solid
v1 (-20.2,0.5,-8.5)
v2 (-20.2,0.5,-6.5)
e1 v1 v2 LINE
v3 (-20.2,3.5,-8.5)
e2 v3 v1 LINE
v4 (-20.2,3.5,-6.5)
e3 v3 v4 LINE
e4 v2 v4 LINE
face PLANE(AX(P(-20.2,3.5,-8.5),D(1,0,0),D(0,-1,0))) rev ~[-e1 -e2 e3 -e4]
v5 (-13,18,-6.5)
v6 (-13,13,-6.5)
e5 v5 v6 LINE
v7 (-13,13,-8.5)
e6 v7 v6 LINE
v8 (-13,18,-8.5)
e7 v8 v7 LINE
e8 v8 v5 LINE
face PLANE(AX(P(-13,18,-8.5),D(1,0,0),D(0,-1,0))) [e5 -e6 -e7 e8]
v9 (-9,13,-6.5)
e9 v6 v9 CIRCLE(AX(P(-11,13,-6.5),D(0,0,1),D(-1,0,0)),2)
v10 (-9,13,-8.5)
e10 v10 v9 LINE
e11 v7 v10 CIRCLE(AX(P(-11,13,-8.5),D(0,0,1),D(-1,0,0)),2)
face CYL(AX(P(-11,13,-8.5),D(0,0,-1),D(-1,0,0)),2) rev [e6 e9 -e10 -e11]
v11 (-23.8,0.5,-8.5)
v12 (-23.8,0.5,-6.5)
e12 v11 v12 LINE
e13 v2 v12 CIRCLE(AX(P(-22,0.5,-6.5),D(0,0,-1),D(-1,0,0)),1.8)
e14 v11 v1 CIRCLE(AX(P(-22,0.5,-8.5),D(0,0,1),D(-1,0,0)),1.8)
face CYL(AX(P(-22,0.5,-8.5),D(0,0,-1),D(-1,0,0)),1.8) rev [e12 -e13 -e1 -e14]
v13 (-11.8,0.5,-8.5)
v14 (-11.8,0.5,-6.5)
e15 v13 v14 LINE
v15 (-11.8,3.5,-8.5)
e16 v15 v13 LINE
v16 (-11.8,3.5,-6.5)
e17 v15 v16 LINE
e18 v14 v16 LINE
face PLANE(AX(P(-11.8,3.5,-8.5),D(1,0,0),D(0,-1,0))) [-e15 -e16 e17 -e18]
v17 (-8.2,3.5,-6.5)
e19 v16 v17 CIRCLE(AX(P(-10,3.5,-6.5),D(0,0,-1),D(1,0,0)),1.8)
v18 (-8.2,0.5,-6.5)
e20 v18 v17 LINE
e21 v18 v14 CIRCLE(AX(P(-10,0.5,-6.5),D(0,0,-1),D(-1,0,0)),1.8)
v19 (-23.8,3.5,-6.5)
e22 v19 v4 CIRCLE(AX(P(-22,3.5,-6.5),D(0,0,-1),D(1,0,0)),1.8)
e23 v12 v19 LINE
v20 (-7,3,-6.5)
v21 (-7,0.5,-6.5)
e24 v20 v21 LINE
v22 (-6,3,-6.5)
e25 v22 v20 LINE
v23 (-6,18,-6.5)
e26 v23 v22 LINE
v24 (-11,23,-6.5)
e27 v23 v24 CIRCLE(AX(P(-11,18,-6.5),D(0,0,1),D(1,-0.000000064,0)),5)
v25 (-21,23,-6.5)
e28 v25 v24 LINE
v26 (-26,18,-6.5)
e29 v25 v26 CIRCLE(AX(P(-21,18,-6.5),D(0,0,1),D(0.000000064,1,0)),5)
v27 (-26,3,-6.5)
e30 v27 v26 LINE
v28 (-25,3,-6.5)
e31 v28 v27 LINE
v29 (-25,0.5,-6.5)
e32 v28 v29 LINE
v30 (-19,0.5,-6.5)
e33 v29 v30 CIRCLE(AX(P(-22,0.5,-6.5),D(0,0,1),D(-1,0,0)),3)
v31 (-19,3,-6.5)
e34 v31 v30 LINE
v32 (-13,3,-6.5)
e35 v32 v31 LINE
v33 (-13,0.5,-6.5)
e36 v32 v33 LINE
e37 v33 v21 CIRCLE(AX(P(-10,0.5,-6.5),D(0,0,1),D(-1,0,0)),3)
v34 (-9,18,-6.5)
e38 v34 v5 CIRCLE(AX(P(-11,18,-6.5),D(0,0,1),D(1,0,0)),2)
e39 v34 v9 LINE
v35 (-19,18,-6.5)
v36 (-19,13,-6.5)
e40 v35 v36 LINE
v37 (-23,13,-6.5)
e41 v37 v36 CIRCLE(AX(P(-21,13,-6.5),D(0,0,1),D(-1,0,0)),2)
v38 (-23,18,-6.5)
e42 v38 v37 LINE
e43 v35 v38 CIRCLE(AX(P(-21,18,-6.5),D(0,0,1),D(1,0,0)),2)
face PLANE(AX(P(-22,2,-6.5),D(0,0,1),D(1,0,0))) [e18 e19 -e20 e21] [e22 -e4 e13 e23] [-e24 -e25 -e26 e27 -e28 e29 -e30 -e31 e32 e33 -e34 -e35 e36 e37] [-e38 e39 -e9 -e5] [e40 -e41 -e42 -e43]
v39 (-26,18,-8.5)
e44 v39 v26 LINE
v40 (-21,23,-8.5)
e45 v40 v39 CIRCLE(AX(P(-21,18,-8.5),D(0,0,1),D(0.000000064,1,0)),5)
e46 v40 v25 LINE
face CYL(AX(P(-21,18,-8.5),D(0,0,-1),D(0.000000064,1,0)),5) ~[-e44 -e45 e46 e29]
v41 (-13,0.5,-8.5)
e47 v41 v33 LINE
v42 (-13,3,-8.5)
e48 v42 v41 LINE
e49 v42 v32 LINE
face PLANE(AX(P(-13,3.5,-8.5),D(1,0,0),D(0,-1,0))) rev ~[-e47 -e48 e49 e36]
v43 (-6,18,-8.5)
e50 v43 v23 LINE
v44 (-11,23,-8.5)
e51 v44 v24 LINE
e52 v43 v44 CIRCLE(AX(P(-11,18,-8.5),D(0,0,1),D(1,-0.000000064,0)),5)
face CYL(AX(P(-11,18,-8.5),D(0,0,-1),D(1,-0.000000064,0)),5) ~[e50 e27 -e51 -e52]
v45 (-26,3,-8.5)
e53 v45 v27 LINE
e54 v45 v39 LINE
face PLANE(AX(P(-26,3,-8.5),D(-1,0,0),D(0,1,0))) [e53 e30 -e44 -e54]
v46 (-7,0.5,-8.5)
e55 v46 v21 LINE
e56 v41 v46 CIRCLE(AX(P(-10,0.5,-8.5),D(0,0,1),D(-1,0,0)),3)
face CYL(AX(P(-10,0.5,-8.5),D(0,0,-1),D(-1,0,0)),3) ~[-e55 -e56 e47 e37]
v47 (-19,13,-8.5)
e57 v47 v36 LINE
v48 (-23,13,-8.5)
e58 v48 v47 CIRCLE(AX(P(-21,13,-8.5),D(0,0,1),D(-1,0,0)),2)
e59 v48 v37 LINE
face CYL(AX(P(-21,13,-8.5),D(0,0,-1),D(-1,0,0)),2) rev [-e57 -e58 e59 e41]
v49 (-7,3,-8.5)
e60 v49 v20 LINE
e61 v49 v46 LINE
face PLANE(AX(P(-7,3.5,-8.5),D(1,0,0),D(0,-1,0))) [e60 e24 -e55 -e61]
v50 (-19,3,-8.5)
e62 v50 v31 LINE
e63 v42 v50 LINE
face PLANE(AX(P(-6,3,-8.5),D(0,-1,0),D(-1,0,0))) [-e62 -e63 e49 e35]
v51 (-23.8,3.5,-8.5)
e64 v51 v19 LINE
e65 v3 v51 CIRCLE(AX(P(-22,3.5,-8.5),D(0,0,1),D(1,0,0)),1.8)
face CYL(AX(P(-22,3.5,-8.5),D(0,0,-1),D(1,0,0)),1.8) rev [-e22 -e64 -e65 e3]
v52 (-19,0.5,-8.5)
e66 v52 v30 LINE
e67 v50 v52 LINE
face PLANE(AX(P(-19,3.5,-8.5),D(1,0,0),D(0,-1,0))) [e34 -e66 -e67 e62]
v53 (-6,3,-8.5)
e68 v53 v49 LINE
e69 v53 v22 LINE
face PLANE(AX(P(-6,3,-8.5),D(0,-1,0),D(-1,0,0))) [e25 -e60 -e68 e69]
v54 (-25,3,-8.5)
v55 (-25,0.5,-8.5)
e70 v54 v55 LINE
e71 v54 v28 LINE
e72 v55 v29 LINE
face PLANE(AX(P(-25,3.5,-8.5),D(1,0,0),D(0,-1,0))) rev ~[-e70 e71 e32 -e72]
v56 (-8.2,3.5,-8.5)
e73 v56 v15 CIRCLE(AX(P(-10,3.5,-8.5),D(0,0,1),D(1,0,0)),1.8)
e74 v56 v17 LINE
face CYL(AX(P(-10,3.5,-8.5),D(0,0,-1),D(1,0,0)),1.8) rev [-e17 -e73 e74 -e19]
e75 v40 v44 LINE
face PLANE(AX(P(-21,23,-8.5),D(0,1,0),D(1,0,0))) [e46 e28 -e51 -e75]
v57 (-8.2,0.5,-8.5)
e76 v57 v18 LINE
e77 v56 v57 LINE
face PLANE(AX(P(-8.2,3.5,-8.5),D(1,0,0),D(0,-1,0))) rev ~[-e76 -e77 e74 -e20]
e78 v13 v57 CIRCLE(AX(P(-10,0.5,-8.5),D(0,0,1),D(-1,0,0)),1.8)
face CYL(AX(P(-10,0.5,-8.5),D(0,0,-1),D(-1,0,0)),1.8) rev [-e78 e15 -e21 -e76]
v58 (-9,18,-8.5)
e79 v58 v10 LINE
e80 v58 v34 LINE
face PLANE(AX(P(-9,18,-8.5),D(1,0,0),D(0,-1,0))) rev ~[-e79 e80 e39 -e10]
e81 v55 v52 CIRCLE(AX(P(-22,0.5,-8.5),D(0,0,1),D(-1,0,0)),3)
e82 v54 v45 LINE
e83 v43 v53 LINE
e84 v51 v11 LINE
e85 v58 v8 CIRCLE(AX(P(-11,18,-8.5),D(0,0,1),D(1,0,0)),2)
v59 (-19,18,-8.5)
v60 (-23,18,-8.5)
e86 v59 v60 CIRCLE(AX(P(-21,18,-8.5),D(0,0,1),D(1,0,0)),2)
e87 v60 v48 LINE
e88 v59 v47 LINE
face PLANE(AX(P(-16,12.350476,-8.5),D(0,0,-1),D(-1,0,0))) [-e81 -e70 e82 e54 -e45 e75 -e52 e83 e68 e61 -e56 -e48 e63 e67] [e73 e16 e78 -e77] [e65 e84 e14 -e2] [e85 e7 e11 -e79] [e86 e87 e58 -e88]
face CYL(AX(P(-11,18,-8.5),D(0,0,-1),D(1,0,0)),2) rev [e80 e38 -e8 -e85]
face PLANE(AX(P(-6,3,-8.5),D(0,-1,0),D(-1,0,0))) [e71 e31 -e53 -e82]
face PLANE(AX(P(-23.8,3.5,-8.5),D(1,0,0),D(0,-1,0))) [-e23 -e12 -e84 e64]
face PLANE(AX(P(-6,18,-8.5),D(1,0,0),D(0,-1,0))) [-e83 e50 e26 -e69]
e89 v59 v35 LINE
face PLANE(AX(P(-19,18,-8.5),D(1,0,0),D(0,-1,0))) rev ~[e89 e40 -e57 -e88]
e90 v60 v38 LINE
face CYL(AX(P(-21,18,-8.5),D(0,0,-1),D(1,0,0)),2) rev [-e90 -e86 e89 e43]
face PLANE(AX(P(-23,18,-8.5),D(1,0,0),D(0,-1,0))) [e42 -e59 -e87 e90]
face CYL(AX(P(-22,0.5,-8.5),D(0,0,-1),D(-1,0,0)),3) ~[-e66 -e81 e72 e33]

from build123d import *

# Parameters (mm, degrees)
PAD041_DEPTH    = 2
PAD042_DEPTH    = 2
POCKET014_DEPTH = 2.001


with BuildPart() as part:
    # Sketch064 → Pad041 (new body)
    with BuildSketch(Plane.XY):
        with BuildLine():
            Line((-5, 21), (5, 21))
            ThreePointArc((10, 16), (8.535534, 19.535534), (5, 21))
            Line((10, 16), (10, 1))
            Line((10, 1), (-10, 1))
            Line((-10, 1), (-10, 16))
            ThreePointArc((-5, 21), (-8.535534, 19.535534), (-10, 16))
        make_face()
        with BuildLine():
            ThreePointArc((-3, 16), (-5, 18), (-7, 16))
            Line((-7, 16), (-7, 11))
            ThreePointArc((-7, 11), (-5, 9), (-3, 11))
            Line((-3, 16), (-3, 11))
        make_face(mode=Mode.SUBTRACT)
        with BuildLine():
            ThreePointArc((7, 16), (5, 18), (3, 16))
            Line((3, 16), (3, 11))
            ThreePointArc((3, 11), (5, 9), (7, 11))
            Line((7, 16), (7, 11))
        make_face(mode=Mode.SUBTRACT)
    extrude(amount=PAD041_DEPTH)

    # Sketch065 → Pad042 (join)
    with BuildSketch(Plane.XY):
        with BuildLine():
            ThreePointArc((-3, 1.5), (-6, 4.5), (-9, 1.5))
            Line((-9, 1.5), (-9, -1.5))
            ThreePointArc((-9, -1.5), (-6, -4.5), (-3, -1.5))
            Line((-3, 1.5), (-3, -1.5))
        make_face()
        with BuildLine():
            ThreePointArc((9, 1.5), (6, 4.5), (3, 1.5))
            Line((3, 1.5), (3, -1.5))
            ThreePointArc((3, -1.5), (6, -4.5), (9, -1.5))
            Line((9, 1.5), (9, -1.5))
        make_face()
    extrude(amount=PAD042_DEPTH)

    # Sketch066 → Pocket014 (cut, through all)
    with BuildSketch(Plane.XY):
        with BuildLine():
            ThreePointArc((-4.2, 1.5), (-6, 3.3), (-7.8, 1.5))
            Line((-7.8, 1.5), (-7.8, -1.5))
            ThreePointArc((-7.8, -1.5), (-6, -3.3), (-4.2, -1.5))
            Line((-4.2, 1.5), (-4.2, -1.5))
        make_face()
        with BuildLine():
            ThreePointArc((7.8, 1.5), (6, 3.3), (4.2, 1.5))
            Line((4.2, 1.5), (4.2, -1.5))
            ThreePointArc((4.2, -1.5), (6, -3.3), (7.8, -1.5))
            Line((7.8, 1.5), (7.8, -1.5))
        make_face()
    extrude(amount=POCKET014_DEPTH, mode=Mode.SUBTRACT)


with BuildPart() as part_1:
    # Body013 placement: moved
    add(part.part.moved(Location((-16, 2, -8.5))))


solid = part_1.part
